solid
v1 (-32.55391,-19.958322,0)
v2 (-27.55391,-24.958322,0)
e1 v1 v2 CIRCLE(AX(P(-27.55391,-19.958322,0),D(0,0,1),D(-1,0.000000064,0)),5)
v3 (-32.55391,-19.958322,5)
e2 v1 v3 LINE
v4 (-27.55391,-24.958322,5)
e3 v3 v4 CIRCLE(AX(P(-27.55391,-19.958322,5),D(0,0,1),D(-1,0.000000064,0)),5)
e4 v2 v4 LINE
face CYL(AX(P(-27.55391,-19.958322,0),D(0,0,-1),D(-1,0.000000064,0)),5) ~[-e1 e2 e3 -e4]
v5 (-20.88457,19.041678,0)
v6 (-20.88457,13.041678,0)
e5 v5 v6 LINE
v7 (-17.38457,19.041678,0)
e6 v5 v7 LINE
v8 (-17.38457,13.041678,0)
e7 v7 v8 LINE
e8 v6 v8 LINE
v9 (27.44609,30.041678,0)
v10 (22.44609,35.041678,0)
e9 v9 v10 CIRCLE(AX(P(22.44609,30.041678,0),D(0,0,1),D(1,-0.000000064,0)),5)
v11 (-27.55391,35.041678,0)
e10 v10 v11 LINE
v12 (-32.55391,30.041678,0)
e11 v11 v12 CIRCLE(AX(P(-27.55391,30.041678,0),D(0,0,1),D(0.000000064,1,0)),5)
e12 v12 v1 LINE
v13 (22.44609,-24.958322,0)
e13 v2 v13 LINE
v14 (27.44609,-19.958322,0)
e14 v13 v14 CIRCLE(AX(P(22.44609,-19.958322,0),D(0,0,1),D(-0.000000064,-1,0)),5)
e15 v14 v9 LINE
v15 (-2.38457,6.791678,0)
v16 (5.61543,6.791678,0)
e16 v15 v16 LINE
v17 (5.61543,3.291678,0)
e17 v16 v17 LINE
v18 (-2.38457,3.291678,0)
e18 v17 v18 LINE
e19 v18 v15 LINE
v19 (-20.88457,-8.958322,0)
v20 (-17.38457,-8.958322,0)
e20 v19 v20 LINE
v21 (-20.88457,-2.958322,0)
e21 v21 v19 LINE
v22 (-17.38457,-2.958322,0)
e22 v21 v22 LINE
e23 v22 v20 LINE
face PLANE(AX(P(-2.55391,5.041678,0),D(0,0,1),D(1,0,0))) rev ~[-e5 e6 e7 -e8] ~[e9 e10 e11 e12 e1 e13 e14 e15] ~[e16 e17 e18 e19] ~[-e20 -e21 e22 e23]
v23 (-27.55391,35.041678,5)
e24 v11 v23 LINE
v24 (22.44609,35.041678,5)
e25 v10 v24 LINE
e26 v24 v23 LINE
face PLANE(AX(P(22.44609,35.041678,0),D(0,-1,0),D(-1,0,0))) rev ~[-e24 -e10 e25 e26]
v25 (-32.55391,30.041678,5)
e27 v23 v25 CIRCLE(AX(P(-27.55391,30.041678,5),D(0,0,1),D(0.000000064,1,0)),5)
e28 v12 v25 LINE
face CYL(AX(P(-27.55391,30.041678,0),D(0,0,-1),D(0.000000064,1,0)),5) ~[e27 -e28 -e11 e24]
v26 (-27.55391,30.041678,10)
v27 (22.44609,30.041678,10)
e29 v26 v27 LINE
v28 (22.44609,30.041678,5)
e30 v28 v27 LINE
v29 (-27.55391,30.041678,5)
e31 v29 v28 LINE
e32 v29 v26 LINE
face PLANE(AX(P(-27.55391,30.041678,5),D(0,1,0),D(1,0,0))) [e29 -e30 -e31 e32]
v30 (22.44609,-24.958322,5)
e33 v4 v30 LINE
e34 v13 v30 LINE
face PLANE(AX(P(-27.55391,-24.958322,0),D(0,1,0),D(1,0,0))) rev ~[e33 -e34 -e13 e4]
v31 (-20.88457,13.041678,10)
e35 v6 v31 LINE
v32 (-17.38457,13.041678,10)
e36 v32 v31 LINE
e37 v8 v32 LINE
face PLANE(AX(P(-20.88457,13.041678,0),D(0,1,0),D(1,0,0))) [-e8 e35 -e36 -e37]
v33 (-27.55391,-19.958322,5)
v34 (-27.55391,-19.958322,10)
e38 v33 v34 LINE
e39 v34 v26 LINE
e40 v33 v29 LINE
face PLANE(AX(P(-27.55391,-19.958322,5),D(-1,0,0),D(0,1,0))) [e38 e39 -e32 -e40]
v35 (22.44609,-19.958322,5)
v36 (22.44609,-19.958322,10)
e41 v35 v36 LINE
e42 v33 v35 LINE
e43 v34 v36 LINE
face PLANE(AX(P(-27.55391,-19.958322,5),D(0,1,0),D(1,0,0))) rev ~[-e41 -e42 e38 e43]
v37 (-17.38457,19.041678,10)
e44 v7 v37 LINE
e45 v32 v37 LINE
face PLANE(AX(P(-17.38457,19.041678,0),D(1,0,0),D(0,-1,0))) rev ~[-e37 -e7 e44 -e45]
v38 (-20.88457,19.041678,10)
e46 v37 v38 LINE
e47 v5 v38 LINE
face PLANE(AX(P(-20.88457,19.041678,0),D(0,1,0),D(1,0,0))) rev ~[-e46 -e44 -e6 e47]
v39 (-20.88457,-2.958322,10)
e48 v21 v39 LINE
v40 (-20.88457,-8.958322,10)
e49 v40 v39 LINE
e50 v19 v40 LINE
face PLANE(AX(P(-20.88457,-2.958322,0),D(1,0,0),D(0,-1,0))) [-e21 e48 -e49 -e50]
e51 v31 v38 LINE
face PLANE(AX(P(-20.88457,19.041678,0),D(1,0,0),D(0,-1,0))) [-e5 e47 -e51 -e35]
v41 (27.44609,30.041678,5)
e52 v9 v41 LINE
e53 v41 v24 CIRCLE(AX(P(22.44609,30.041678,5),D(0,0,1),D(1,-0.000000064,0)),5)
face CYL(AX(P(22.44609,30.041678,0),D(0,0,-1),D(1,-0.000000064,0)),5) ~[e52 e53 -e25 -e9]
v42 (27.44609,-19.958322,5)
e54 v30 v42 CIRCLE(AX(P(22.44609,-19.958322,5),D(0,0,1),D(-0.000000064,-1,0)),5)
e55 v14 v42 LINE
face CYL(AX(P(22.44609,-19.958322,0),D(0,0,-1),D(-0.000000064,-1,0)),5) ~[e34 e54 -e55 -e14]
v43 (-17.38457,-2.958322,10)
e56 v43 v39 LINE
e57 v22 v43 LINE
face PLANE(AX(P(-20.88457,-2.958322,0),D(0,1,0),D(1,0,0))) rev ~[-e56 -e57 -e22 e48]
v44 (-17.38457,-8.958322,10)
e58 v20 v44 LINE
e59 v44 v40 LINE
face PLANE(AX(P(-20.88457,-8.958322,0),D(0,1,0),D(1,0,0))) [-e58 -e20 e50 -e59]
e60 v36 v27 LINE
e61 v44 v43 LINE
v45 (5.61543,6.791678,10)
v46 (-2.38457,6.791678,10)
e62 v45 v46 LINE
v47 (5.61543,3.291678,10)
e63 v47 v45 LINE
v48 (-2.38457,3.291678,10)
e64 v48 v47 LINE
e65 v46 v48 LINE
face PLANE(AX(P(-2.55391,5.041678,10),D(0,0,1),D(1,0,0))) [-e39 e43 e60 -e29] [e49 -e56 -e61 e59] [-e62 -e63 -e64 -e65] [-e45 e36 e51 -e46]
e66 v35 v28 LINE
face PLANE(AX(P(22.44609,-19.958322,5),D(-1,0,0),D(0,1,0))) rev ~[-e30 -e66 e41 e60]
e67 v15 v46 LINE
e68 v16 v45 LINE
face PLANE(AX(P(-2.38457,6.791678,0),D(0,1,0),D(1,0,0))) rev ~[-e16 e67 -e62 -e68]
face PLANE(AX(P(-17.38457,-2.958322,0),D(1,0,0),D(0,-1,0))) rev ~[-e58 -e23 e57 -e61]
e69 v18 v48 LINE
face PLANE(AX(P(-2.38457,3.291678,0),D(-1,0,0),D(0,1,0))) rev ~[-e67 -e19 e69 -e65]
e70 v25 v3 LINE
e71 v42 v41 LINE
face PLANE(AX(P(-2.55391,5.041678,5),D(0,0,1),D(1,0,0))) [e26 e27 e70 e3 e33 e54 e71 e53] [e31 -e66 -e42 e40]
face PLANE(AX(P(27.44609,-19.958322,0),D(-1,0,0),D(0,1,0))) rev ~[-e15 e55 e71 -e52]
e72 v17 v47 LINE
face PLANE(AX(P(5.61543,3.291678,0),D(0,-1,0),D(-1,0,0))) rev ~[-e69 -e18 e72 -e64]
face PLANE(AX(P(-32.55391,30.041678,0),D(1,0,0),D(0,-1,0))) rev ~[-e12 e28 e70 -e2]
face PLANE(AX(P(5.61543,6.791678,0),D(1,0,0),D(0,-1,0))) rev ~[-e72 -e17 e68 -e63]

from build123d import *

# Parameters (mm, degrees)
F1_DEPTH = 5
F2_W     = 50
F2_H     = 50
F3_DEPTH = 5
F4_W     = 3.5
F4_H     = 6
F5_DEPTH = 25


with BuildPart() as f1:
    # F0 (on Top) → F1 (new body)
    with BuildSketch(Plane.XY):
        with BuildLine():
            Line((22.44609, 35.041678), (-27.55391, 35.041678))
            ThreePointArc((-27.55391, 35.041678), (-31.089444, 33.577212), (-32.55391, 30.041678))
            Line((-32.55391, 30.041678), (-32.55391, -19.958322))
            ThreePointArc((-32.55391, -19.958322), (-31.089444, -23.493856), (-27.55391, -24.958322))
            Line((-27.55391, -24.958322), (22.44609, -24.958322))
            ThreePointArc((22.44609, -24.958322), (25.981624, -23.493856), (27.44609, -19.958322))
            Line((27.44609, -19.958322), (27.44609, 30.041678))
            ThreePointArc((27.44609, 30.041678), (25.981624, 33.577212), (22.44609, 35.041678))
        make_face()
    extrude(amount=F1_DEPTH)

    # F2 (on face) → F3 (join)
    with BuildSketch(Plane.XY.offset(5)):
        with Locations((-2.55391, 5.041678)):
            Rectangle(F2_W, F2_H)
    extrude(amount=F3_DEPTH)

    # F4 (on face) → F5 (cut)
    with BuildSketch(Plane(origin=(0, 0, 0), x_dir=(1, 0, 0), z_dir=(0, 0, -1))):
        Polygon((-2.38457, -5.041678), (-2.38457, -6.791678), (5.61543, -6.791678), (5.61543, -5.041678), (5.61543, -3.291678), (-2.38457, -3.291678), align=None)
        with Locations((-19.13457, 5.958322)):
            Rectangle(F4_W, F4_H)
        with Locations((-19.13457, -16.041678)):
            Rectangle(F4_W, F4_H)
    extrude(amount=-F5_DEPTH, mode=Mode.SUBTRACT)


solid = f1.part
